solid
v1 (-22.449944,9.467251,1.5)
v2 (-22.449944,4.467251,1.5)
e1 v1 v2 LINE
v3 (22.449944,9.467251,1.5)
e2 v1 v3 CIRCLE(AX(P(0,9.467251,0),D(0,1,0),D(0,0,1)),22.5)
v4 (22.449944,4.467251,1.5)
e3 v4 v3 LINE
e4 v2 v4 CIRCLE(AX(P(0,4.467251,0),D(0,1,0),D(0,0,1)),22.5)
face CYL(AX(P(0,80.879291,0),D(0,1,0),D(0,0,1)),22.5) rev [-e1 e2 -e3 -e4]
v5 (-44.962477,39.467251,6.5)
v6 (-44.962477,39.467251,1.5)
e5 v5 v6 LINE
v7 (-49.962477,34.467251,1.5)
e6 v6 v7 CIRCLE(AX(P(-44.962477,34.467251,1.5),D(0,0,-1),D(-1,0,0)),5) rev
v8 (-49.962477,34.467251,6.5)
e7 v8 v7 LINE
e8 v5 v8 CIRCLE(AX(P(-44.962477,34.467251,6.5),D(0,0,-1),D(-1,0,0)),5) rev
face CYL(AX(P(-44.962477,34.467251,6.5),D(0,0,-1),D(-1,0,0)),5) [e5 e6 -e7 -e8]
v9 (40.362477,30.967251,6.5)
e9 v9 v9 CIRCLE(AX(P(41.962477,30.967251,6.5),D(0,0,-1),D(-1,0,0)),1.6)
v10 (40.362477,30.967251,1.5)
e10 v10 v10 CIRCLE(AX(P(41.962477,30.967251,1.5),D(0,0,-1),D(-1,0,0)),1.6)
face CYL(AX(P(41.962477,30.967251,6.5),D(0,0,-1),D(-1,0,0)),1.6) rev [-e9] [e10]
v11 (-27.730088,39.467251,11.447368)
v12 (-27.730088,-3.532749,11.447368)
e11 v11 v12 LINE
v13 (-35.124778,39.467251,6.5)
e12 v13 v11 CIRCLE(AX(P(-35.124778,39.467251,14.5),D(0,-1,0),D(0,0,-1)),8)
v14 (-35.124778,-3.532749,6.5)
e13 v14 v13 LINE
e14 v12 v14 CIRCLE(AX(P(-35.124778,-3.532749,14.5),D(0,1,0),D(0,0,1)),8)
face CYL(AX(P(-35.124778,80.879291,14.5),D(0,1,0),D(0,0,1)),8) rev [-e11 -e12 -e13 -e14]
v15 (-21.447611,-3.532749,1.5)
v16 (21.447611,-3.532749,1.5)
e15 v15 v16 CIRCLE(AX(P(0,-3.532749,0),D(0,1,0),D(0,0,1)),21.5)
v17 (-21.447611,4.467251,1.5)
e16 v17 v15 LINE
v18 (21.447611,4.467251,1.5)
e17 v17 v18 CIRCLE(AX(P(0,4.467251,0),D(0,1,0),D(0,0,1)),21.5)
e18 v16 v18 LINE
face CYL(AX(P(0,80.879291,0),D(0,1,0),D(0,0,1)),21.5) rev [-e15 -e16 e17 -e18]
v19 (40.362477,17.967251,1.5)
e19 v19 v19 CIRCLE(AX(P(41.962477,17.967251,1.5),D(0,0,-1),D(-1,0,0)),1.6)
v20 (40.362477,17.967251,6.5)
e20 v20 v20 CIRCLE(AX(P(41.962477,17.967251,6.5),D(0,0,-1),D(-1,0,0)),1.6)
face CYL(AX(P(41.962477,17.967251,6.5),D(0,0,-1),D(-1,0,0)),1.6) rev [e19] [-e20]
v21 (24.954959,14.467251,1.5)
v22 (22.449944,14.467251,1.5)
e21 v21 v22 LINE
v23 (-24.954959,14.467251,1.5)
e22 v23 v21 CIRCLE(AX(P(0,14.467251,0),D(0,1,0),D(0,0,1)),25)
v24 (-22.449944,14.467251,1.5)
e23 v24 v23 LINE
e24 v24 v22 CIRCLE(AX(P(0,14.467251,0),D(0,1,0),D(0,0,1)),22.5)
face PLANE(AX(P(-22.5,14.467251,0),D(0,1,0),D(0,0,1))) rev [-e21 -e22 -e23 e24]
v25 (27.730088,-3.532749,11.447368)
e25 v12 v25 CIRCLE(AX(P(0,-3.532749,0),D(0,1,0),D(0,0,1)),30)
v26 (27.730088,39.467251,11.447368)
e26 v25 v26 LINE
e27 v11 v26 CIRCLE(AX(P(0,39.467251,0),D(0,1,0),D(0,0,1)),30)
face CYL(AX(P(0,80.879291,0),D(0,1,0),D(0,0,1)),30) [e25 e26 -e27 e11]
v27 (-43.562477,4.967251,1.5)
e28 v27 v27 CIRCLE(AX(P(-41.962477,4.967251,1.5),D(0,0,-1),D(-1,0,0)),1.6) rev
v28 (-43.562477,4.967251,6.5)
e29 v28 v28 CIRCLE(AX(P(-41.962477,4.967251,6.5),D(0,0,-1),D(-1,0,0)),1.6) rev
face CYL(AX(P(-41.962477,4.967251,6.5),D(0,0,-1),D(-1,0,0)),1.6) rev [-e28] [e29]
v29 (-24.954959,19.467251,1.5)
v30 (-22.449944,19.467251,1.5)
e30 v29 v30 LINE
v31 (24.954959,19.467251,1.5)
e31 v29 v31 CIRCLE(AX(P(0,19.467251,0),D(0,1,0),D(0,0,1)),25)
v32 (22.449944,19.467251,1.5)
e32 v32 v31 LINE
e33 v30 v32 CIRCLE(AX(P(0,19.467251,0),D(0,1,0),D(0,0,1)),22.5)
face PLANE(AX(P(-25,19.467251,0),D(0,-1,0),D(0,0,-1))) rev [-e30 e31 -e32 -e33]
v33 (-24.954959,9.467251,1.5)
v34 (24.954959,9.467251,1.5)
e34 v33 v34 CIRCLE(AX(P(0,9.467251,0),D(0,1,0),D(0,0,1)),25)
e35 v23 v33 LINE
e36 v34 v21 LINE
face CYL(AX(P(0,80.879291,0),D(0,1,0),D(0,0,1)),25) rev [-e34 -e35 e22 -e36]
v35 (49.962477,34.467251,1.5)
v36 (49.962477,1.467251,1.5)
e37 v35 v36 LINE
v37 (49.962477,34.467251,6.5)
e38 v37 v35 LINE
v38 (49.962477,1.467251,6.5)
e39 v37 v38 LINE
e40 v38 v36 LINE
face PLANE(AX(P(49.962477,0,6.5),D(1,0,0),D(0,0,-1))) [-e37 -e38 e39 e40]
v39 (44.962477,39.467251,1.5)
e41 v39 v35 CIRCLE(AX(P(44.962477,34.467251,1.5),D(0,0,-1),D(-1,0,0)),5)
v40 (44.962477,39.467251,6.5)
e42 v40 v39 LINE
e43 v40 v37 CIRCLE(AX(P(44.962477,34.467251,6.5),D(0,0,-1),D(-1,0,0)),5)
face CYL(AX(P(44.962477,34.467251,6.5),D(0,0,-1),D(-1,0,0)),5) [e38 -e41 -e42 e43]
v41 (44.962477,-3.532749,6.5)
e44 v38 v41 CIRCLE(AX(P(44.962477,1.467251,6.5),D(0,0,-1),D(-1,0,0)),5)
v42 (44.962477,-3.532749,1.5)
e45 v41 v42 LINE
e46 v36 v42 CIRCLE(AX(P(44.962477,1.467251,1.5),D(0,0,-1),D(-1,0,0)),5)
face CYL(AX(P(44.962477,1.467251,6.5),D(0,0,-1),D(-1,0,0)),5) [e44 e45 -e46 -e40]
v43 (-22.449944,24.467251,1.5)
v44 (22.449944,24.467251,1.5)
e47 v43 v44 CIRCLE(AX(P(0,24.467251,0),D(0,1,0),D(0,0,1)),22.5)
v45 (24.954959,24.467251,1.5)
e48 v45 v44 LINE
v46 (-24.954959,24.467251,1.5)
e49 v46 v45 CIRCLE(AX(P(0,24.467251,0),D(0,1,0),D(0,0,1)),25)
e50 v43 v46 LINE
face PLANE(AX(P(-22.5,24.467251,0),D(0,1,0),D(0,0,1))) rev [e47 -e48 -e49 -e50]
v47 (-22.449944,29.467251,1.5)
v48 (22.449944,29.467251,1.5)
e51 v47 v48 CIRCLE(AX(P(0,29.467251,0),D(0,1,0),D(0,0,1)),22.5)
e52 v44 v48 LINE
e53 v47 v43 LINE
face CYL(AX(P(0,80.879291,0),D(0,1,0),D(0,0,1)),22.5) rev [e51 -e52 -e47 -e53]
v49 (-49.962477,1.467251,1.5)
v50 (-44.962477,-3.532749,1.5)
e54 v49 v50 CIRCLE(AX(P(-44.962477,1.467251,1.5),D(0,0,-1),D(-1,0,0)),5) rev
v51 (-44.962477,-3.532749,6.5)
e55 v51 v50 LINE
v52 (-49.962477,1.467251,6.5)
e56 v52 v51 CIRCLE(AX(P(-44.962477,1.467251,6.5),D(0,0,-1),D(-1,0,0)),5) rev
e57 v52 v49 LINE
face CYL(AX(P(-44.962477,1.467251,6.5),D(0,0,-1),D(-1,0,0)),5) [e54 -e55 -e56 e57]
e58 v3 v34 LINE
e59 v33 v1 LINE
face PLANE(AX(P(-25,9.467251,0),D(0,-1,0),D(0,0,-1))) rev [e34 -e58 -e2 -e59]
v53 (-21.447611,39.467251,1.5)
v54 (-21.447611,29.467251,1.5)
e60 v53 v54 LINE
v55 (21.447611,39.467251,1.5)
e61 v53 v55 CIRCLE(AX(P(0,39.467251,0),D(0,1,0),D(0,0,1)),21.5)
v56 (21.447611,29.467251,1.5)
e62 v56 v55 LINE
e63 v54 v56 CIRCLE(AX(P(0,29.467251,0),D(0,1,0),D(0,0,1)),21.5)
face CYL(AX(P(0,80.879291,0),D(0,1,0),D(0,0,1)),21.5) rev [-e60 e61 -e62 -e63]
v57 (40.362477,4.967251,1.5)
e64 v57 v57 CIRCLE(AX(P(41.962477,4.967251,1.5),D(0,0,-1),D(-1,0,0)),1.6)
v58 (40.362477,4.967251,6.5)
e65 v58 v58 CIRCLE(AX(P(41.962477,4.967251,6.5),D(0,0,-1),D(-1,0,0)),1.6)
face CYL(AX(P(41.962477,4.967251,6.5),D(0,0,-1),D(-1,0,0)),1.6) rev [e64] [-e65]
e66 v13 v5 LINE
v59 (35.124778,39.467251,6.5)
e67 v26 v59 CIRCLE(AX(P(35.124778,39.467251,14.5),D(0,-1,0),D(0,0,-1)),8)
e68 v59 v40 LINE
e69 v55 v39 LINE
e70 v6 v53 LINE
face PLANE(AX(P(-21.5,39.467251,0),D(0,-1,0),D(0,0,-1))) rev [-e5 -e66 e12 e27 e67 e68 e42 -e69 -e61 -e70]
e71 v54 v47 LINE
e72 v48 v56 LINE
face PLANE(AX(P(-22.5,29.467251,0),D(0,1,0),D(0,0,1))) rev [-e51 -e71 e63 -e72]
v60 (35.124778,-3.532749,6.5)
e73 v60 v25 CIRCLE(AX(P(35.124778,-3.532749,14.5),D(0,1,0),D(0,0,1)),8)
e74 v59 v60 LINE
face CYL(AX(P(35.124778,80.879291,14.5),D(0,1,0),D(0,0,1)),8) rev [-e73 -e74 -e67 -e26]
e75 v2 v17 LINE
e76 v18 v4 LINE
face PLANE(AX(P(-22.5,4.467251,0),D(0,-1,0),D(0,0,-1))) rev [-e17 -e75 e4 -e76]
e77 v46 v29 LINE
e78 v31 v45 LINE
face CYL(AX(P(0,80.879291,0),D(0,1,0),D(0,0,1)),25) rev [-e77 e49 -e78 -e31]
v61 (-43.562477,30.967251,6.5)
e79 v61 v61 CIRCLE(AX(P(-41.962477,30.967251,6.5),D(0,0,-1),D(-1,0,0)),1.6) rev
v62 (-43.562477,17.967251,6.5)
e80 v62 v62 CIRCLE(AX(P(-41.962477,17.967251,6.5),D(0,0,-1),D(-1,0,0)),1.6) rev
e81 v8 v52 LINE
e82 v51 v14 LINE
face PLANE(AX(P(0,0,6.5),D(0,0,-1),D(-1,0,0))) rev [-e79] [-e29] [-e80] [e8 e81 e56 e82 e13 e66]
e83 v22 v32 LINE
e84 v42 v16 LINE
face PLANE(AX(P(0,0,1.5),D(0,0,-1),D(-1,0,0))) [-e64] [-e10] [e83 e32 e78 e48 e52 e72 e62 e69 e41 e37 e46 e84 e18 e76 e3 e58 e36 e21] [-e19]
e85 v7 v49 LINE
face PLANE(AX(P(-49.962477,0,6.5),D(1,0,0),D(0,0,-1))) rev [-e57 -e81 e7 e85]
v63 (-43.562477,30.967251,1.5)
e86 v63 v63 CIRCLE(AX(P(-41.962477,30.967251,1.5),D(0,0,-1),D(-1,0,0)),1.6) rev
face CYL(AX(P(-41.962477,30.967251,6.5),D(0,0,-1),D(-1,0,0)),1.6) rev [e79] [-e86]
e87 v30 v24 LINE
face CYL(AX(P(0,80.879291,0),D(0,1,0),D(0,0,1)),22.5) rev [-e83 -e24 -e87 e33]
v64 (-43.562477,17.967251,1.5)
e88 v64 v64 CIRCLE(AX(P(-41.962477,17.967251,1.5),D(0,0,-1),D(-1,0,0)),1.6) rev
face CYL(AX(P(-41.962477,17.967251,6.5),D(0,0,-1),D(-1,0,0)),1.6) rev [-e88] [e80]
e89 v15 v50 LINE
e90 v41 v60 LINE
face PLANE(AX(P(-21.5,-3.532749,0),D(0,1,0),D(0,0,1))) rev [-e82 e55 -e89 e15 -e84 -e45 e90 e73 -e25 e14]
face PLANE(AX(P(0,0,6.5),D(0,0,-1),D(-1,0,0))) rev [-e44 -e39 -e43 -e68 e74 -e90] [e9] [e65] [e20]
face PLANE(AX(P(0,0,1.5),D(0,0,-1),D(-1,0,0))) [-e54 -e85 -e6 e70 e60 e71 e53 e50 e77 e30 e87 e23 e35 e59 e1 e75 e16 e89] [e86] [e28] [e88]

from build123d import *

# Parameters (mm, degrees)
REVOLVE_1_ANGLE     = 180
SKETCH_2_W          = 82.604360497
SKETCH_2_H          = 69.359352877
CUT_EXTRUDE_1_DEPTH = 1.5
SKETCH_3_R          = 1.6
SKETCH_3_W          = 3
SKETCH_3_H          = 43
EXTRUDE_1_DEPTH     = 5
FILLET_1_R          = 8


with BuildPart() as part:
    # 草图1 → 旋转1 (revolve)
    with BuildSketch(Plane.XY):
        Polygon((22.5, 29.467251478), (21.5, 29.467251478), (21.5, 39.467251478), (30, 39.467251478), (30, -3.532748522), (21.5, -3.532748522), (21.5, 4.467251478), (22.5, 4.467251478), (22.5, 9.467251478), (25, 9.467251478), (25, 14.467251478), (22.5, 14.467251478), (22.5, 19.467251478), (25, 19.467251478), (25, 24.467251478), (22.5, 24.467251478), align=None)
    revolve(axis=Axis((0, 80.879290808, 0), (0, -1, 0)), revolution_arc=REVOLVE_1_ANGLE)

    # 草图2 → 切除-拉伸1 (cut)
    with BuildSketch(Plane(origin=(0, 0, 0), x_dir=(-1, 0, 0), z_dir=(0, 0, -1))):
        with Locations((1.112176212, 17.562823765)):
            Rectangle(SKETCH_2_W, SKETCH_2_H)
    extrude(amount=-CUT_EXTRUDE_1_DEPTH, mode=Mode.SUBTRACT)

    # 草图3 → 凸台-拉伸1 (add)
    # profile 1 of 3: a face of its own
    with BuildSketch(Plane(origin=(0, 0, 1.5), x_dir=(-1, 0, 0), z_dir=(0, 0, -1))):
        with BuildLine():
            ThreePointArc((49.962476533, 1.467251478), (48.498010439, -2.068282428), (44.962476533, -3.532748522))
            Line((44.962476533, -3.532748522), (29.962476533, -3.532748522))
            Line((29.962476533, -3.532748522), (29.962476533, 39.467251478))
            Line((29.962476533, 39.467251478), (44.962476533, 39.467251478))
            ThreePointArc((44.962476533, 39.467251478), (48.498010439, 38.002785384), (49.962476533, 34.467251478))
            Line((49.962476533, 34.467251478), (49.962476533, 1.467251478))
        make_face()
        with Locations((41.962476533, 17.967251478)):
            Circle(SKETCH_3_R, mode=Mode.SUBTRACT)
        with Locations((41.962476533, 4.967251478)):
            Circle(SKETCH_3_R, mode=Mode.SUBTRACT)
        with Locations((41.962476533, 30.967251478)):
            Circle(SKETCH_3_R, mode=Mode.SUBTRACT)
    # profile 2 of 3: a face of its own
    with BuildSketch(Plane(origin=(0, 0, 1.5), x_dir=(-1, 0, 0), z_dir=(0, 0, -1))):
        with Locations((28.462476533, 17.967251478)):
            Rectangle(SKETCH_3_W, SKETCH_3_H)
    # profile 3 of 3: a face of its own
    with BuildSketch(Plane(origin=(0, 0, 1.5), x_dir=(-1, 0, 0), z_dir=(0, 0, -1))):
        with BuildLine():
            Line((-29.962476533, 39.467251478), (-44.962476533, 39.467251478))
            ThreePointArc((-44.962476533, 39.467251478), (-48.498010439, 38.002785384), (-49.962476533, 34.467251478))
            Line((-49.962476533, 34.467251478), (-49.962476533, 1.467251478))
            ThreePointArc((-49.962476533, 1.467251478), (-48.498010439, -2.068282428), (-44.962476533, -3.532748522))
            Line((-44.962476533, -3.532748522), (-29.962476533, -3.532748522))
            Line((-29.962476533, -3.532748522), (-26.962476533, -3.532748522))
            Line((-26.962476533, -3.532748522), (-26.962476533, 39.467251478))
            Line((-26.962476533, 39.467251478), (-29.962476533, 39.467251478))
        make_face()
        with Locations((-41.962476533, 30.967251478)):
            Circle(SKETCH_3_R, mode=Mode.SUBTRACT)
        with Locations((-41.962476533, 17.967251478)):
            Circle(SKETCH_3_R, mode=Mode.SUBTRACT)
        with Locations((-41.962476533, 4.967251478)):
            Circle(SKETCH_3_R, mode=Mode.SUBTRACT)
    extrude(amount=-EXTRUDE_1_DEPTH)

    # 圆角1
    fillet_1_edges = [part.edges().sort_by_distance(p)[0] for p in [
        (-29.287369291, 17.967251478, 6.5),
        (29.287369291, 17.967251478, 6.5),
    ]]
    fillet(fillet_1_edges, radius=FILLET_1_R)


solid = part.part
